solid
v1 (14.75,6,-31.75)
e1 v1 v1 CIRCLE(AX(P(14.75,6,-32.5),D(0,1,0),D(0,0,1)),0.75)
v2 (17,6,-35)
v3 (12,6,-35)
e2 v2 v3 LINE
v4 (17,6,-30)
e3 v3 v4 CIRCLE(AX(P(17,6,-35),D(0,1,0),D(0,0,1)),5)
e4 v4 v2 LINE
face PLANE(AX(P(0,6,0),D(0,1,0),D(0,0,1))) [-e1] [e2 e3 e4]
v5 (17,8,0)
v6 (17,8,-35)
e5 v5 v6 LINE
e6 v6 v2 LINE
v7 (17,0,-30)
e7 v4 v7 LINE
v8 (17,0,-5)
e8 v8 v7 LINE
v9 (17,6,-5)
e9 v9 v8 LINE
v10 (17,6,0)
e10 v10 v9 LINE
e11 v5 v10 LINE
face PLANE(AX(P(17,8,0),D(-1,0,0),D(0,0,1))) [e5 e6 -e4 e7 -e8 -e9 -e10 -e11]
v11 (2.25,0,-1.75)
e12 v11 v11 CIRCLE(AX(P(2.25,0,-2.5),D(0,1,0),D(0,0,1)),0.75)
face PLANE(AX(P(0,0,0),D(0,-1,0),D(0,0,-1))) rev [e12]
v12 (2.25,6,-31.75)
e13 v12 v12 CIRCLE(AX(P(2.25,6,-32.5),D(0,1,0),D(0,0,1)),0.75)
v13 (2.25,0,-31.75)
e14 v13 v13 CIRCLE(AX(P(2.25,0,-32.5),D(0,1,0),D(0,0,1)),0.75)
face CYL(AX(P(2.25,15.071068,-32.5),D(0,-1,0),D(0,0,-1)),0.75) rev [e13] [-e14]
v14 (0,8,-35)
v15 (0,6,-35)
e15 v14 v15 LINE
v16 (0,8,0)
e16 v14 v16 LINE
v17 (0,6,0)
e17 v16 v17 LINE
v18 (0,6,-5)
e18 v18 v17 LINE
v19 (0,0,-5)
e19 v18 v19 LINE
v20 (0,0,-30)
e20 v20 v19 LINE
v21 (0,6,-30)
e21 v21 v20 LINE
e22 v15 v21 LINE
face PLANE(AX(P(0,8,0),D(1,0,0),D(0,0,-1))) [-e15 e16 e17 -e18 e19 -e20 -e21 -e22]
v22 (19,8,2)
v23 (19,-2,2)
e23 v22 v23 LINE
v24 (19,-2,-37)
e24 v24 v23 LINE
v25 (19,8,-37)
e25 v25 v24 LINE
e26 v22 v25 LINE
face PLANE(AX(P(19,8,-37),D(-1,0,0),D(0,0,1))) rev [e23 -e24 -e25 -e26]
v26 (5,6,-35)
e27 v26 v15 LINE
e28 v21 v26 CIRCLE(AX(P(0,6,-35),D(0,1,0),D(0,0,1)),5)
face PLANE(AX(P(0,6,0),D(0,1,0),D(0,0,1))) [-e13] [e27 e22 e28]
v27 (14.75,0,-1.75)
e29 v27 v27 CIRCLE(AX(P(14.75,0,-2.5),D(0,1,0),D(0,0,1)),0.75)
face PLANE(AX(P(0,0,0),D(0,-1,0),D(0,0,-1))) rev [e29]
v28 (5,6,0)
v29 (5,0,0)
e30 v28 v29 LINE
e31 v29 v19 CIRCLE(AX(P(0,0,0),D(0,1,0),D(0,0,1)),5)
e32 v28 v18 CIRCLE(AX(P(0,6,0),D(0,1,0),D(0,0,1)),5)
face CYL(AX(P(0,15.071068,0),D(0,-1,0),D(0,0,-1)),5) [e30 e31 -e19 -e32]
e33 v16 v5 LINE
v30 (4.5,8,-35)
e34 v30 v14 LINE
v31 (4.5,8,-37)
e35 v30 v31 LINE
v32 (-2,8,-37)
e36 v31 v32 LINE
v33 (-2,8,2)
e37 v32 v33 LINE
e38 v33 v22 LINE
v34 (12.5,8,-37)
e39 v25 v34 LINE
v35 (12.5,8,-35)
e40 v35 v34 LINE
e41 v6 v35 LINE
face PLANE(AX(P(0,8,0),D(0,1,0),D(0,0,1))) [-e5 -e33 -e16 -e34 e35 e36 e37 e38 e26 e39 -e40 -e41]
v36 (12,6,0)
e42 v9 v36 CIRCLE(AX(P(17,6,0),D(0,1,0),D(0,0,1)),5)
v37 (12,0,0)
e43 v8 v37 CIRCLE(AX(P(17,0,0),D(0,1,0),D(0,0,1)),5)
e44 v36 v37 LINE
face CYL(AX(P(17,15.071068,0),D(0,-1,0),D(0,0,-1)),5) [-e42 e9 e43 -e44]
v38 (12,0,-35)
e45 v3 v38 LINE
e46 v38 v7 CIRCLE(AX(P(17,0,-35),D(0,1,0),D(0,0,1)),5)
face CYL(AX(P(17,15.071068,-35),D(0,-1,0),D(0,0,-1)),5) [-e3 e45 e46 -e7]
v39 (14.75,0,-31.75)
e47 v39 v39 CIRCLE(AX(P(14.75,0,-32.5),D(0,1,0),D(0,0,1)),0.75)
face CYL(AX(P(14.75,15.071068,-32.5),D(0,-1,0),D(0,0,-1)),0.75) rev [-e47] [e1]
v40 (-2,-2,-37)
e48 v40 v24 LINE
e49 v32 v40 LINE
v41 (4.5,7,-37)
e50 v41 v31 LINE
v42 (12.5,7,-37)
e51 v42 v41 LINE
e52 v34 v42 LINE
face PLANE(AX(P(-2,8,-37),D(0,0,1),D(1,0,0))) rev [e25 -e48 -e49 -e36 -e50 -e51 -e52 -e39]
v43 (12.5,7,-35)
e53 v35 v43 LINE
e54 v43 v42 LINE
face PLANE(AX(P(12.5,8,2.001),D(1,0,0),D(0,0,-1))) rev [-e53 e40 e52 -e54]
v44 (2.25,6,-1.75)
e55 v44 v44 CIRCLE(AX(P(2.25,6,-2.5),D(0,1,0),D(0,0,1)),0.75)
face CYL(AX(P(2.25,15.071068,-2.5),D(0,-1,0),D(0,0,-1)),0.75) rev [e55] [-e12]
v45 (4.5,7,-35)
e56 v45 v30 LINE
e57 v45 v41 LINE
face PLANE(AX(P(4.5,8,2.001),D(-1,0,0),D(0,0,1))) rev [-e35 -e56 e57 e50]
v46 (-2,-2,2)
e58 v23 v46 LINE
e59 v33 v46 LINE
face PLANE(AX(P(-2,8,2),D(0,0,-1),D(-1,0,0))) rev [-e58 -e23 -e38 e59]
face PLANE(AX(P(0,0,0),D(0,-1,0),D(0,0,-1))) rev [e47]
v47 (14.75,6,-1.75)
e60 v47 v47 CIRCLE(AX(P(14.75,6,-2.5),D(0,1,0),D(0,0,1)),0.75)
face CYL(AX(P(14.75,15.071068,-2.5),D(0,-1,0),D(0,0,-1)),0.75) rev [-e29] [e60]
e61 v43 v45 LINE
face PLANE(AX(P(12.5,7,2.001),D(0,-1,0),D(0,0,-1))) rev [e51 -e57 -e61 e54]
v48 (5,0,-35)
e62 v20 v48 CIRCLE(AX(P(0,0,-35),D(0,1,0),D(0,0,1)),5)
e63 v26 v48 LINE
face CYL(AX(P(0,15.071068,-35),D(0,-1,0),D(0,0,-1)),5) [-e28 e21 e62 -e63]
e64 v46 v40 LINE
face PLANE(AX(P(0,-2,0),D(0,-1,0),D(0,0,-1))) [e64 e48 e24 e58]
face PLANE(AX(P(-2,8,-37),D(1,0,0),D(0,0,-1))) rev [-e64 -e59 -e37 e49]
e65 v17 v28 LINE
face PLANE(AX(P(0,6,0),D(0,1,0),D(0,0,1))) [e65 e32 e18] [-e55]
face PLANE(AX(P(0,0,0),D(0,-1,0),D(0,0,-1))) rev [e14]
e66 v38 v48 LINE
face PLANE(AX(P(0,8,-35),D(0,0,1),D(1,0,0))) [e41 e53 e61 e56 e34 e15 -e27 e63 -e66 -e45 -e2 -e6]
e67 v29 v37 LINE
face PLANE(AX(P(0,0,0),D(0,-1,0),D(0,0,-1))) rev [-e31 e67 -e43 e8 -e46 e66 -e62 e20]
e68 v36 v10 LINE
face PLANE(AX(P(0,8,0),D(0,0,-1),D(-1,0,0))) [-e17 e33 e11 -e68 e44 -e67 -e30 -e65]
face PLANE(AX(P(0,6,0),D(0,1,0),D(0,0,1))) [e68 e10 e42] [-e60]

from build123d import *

# Parameters (mm, degrees)
SKETCH1_W           = 21
SKETCH1_H           = 39
SKETCH1_W_2         = 17
SKETCH1_H_2         = 35
BOSS_EXTRUDE1_DEPTH = 8
SKETCH2_W           = 21
SKETCH2_H           = 39
BOSS_EXTRUDE2_DEPTH = 2
SKETCH3_R           = 0.75
BOSS_EXTRUDE3_DEPTH = 6
CUT_EXTRUDE1_REACH  = 46.113
SKETCH4_W           = 8
SKETCH4_H           = 1


with BuildPart() as part:
    # Sketch1 → Boss-Extrude1 (new body)
    with BuildSketch(Plane(origin=(0, 0, 0), x_dir=(1, 0, 0), z_dir=(0, 1, 0))):
        with Locations((8.5, 17.5)):
            Rectangle(SKETCH1_W, SKETCH1_H)
        with Locations((8.5, 17.5)):
            Rectangle(SKETCH1_W_2, SKETCH1_H_2, mode=Mode.SUBTRACT)
    extrude(amount=BOSS_EXTRUDE1_DEPTH)

    # Sketch2 → Boss-Extrude2 (add)
    with BuildSketch(Plane.XZ):
        with Locations((8.5, -17.5)):
            Rectangle(SKETCH2_W, SKETCH2_H)
    extrude(amount=BOSS_EXTRUDE2_DEPTH)

    # Sketch3 → Boss-Extrude3 (add)
    # profile 1 of 4: a face of its own
    with BuildSketch(Plane(origin=(0, 0, 0), x_dir=(1, 0, 0), z_dir=(0, 1, 0))):
        with BuildLine():
            Line((0, 30), (0, 35))
            Line((0, 35), (5, 35))
            ThreePointArc((5, 35), (3.535533906, 31.464466094), (0, 30))
        make_face()
        with Locations(Location((2.25, 32.5, 0), (0, 0, 270))):
            Circle(SKETCH3_R, mode=Mode.SUBTRACT)
    # profile 2 of 4: a face of its own
    with BuildSketch(Plane(origin=(0, 0, 0), x_dir=(1, 0, 0), z_dir=(0, 1, 0))):
        with BuildLine():
            Line((17, 0), (12, 0))
            ThreePointArc((12, 0), (13.464466094, 3.535533906), (17, 5))
            Line((17, 5), (17, 0))
        make_face()
        with Locations(Location((14.75, 2.5, 0), (0, 0, 270))):
            Circle(SKETCH3_R, mode=Mode.SUBTRACT)
    # profile 3 of 4: a face of its own
    with BuildSketch(Plane(origin=(0, 0, 0), x_dir=(1, 0, 0), z_dir=(0, 1, 0))):
        with BuildLine():
            Line((17, 35), (12, 35))
            ThreePointArc((12, 35), (13.464466094, 31.464466094), (17, 30))
            Line((17, 30), (17, 35))
        make_face()
        with Locations(Location((14.75, 32.5, 0), (0, 0, 270))):
            Circle(SKETCH3_R, mode=Mode.SUBTRACT)
    # profile 4 of 4: a face of its own
    with BuildSketch(Plane(origin=(0, 0, 0), x_dir=(1, 0, 0), z_dir=(0, 1, 0))):
        with BuildLine():
            Line((0, 0), (0, 5))
            ThreePointArc((0, 5), (3.535533906, 3.535533906), (5, 0))
            Line((5, 0), (0, 0))
        make_face()
        with Locations(Location((2.25, 2.5, 0), (0, 0, 270))):
            Circle(SKETCH3_R, mode=Mode.SUBTRACT)
    extrude(amount=BOSS_EXTRUDE3_DEPTH)

    # Sketch4 → Cut-Extrude1 (cut, up to next)
    with BuildSketch(Plane(origin=(0, 0, -37), x_dir=(-1, 0, 0), z_dir=(0, 0, -1)), mode=Mode.PRIVATE) as cut_extrude1_sk1:
        with Locations((-8.5, 7.5)):
            Rectangle(SKETCH4_W, SKETCH4_H)
    cut_extrude1_tool1 = extrude(cut_extrude1_sk1.sketch, amount=-CUT_EXTRUDE1_REACH, mode=Mode.PRIVATE) & part.part
    add(cut_extrude1_tool1.solids().sort_by_distance((8.5, 7.5, -37))[0], mode=Mode.SUBTRACT)


solid = part.part
